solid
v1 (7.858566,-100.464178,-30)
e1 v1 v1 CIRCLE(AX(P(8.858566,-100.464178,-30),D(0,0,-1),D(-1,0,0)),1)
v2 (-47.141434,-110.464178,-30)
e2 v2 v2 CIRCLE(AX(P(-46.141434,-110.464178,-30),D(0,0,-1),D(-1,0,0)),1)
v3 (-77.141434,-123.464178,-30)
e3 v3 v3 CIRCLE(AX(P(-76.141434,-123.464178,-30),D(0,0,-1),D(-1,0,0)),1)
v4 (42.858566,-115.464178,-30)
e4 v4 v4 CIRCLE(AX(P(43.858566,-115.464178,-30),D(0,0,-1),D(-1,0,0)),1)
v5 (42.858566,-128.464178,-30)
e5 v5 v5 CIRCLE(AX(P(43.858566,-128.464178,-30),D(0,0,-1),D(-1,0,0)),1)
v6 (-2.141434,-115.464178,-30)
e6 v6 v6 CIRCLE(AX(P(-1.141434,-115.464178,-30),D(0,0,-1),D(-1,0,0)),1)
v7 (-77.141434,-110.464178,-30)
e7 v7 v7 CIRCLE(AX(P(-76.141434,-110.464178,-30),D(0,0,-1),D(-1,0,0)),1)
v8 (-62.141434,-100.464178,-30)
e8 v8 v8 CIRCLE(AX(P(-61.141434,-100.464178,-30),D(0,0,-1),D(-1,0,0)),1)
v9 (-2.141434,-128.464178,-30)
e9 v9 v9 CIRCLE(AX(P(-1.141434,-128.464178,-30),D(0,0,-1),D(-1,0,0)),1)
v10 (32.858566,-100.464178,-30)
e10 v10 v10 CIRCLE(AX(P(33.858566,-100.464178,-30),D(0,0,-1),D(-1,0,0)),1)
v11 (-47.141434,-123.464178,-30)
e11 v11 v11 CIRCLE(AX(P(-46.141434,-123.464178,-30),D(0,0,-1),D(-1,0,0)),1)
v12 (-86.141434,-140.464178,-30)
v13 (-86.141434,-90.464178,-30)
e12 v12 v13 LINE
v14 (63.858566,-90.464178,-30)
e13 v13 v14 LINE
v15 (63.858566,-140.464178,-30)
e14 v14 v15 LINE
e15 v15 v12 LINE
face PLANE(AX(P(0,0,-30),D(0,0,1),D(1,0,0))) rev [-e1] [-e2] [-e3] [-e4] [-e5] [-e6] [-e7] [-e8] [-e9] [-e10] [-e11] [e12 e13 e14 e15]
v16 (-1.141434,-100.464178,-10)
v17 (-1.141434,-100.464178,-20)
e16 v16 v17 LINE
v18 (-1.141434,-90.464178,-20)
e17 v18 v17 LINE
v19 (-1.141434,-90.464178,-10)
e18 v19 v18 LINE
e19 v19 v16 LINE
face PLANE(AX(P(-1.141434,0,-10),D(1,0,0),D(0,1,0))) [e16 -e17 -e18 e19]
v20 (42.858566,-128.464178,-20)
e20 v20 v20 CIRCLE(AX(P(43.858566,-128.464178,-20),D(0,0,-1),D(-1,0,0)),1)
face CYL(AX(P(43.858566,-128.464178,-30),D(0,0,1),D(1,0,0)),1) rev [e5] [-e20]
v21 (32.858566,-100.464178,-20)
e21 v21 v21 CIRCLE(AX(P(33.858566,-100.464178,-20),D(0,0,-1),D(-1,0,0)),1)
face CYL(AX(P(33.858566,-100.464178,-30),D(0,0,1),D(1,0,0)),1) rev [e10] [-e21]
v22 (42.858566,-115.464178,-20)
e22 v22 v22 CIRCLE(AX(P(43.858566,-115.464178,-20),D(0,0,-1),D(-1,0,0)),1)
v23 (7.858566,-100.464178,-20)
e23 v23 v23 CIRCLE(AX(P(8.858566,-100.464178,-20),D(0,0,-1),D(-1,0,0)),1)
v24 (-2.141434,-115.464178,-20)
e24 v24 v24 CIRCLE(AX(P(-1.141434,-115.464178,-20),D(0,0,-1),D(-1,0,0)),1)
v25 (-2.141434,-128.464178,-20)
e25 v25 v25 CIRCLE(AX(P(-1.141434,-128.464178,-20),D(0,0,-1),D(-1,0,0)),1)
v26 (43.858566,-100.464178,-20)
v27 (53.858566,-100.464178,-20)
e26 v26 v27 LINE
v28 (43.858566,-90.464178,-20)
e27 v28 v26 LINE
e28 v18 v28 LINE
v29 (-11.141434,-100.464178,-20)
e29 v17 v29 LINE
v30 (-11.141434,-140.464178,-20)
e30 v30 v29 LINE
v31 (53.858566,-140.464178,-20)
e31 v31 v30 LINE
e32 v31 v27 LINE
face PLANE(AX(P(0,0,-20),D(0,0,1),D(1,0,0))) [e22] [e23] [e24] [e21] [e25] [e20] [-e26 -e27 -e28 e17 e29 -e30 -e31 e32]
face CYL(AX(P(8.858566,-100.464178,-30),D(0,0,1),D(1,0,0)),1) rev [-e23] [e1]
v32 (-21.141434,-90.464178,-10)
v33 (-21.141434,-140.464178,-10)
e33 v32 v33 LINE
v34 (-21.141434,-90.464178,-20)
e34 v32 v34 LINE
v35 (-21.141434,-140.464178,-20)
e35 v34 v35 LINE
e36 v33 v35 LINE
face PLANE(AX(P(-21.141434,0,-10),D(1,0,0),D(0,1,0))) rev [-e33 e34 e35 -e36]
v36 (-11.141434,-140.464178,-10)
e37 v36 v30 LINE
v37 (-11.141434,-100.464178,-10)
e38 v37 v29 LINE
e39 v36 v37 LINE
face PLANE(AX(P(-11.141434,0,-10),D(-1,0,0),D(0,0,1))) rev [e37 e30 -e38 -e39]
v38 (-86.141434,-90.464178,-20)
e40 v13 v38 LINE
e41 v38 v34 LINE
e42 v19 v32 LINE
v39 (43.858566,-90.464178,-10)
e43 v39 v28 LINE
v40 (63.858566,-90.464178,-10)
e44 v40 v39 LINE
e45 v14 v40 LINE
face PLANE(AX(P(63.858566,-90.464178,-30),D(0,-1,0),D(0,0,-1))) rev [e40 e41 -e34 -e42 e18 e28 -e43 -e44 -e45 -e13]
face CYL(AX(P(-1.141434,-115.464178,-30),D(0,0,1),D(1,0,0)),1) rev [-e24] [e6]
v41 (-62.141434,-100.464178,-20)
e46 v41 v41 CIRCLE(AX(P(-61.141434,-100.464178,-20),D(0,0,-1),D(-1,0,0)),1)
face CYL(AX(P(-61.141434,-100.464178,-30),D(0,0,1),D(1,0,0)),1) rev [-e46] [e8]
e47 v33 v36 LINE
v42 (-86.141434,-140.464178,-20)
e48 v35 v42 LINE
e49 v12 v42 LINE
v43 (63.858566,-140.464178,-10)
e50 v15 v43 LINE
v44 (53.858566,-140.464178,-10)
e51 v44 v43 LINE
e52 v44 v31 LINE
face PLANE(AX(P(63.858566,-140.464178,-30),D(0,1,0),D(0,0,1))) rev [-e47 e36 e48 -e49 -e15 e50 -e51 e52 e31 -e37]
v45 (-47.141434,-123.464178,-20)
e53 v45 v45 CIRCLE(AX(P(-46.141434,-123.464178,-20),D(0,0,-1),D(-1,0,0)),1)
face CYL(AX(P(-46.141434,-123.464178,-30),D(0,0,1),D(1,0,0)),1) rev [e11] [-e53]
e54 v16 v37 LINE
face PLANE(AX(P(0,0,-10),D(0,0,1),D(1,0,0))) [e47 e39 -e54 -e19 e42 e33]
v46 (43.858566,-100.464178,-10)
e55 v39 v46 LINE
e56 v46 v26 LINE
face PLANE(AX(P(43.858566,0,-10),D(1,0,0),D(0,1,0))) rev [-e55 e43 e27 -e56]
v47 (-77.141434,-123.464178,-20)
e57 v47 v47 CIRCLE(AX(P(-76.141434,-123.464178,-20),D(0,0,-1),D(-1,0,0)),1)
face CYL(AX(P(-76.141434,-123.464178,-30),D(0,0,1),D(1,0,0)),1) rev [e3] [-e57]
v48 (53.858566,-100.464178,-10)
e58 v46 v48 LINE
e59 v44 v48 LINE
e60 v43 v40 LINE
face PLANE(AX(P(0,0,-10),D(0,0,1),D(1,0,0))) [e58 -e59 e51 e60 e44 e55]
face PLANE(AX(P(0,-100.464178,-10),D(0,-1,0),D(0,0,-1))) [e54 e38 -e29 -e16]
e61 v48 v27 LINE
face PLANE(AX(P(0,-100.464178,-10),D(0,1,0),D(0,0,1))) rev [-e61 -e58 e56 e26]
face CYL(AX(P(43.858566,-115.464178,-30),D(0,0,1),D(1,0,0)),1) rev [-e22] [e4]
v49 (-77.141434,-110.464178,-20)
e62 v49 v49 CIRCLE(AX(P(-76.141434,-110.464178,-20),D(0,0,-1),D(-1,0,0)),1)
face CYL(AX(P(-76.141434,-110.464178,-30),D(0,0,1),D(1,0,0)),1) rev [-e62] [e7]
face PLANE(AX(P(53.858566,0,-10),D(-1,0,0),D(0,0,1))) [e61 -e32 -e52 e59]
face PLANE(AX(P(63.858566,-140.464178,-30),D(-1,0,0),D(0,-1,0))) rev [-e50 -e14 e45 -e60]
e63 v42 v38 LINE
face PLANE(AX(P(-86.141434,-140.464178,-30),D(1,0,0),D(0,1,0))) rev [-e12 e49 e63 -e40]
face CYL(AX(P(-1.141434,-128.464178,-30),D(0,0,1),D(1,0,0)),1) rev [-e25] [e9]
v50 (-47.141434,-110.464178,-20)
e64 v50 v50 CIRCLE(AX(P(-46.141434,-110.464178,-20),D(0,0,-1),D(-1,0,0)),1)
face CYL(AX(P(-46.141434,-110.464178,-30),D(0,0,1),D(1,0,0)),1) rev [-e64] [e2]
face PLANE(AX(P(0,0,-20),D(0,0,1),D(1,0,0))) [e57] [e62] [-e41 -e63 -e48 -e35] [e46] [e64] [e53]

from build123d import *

# Parameters (mm, degrees)
ESQUISSE1_W        = 150
ESQUISSE1_H        = 50
ESQUISSE1_R        = 1
BOSS_EXTRU_4_DEPTH = 10
BOSS_EXTRU_5_DEPTH = 10


with BuildPart() as part:
    # Esquisse1 → Boss.-Extru.4 (new body)
    with BuildSketch(Plane(origin=(0, 0, -20), x_dir=(-1, 0, 0), z_dir=(0, 0, -1))):
        with Locations((11.141434162, -115.464178298)):
            Rectangle(ESQUISSE1_W, ESQUISSE1_H)
        with Locations((-43.858565838, -128.464178298)):
            Circle(ESQUISSE1_R, mode=Mode.SUBTRACT)
        with Locations((-43.858565838, -115.464178298)):
            Circle(ESQUISSE1_R, mode=Mode.SUBTRACT)
        with Locations((-33.858565838, -100.464178298)):
            Circle(ESQUISSE1_R, mode=Mode.SUBTRACT)
        with Locations((-8.858565838, -100.464178298)):
            Circle(ESQUISSE1_R, mode=Mode.SUBTRACT)
        with Locations((1.141434162, -115.464178298)):
            Circle(ESQUISSE1_R, mode=Mode.SUBTRACT)
        with Locations((1.141434162, -128.464178298)):
            Circle(ESQUISSE1_R, mode=Mode.SUBTRACT)
        with Locations((46.141434162, -123.464178298)):
            Circle(ESQUISSE1_R, mode=Mode.SUBTRACT)
        with Locations((46.141434162, -110.464178298)):
            Circle(ESQUISSE1_R, mode=Mode.SUBTRACT)
        with Locations((61.141434162, -100.464178298)):
            Circle(ESQUISSE1_R, mode=Mode.SUBTRACT)
        with Locations((76.141434162, -110.464178298)):
            Circle(ESQUISSE1_R, mode=Mode.SUBTRACT)
        with Locations((76.141434162, -123.464178298)):
            Circle(ESQUISSE1_R, mode=Mode.SUBTRACT)
    extrude(amount=BOSS_EXTRU_4_DEPTH)

    # Esquisse3 → Boss.-Extru.5 (add)
    with BuildSketch(Plane.XY.offset(-20)):
        Polygon((-1.141434162, -100.464178298), (-1.141434162, -90.464178298), (-21.141434162, -90.464178298), (-21.141434162, -140.464178298), (-11.141434162, -140.464178298), (-11.141434162, -100.464178298), align=None)
        Polygon((63.858565838, -140.464178298), (63.858565838, -90.464178298), (43.858565838, -90.464178298), (43.858565838, -100.464178298), (53.858565838, -100.464178298), (53.858565838, -140.464178298), align=None)
    extrude(amount=BOSS_EXTRU_5_DEPTH)


solid = part.part
